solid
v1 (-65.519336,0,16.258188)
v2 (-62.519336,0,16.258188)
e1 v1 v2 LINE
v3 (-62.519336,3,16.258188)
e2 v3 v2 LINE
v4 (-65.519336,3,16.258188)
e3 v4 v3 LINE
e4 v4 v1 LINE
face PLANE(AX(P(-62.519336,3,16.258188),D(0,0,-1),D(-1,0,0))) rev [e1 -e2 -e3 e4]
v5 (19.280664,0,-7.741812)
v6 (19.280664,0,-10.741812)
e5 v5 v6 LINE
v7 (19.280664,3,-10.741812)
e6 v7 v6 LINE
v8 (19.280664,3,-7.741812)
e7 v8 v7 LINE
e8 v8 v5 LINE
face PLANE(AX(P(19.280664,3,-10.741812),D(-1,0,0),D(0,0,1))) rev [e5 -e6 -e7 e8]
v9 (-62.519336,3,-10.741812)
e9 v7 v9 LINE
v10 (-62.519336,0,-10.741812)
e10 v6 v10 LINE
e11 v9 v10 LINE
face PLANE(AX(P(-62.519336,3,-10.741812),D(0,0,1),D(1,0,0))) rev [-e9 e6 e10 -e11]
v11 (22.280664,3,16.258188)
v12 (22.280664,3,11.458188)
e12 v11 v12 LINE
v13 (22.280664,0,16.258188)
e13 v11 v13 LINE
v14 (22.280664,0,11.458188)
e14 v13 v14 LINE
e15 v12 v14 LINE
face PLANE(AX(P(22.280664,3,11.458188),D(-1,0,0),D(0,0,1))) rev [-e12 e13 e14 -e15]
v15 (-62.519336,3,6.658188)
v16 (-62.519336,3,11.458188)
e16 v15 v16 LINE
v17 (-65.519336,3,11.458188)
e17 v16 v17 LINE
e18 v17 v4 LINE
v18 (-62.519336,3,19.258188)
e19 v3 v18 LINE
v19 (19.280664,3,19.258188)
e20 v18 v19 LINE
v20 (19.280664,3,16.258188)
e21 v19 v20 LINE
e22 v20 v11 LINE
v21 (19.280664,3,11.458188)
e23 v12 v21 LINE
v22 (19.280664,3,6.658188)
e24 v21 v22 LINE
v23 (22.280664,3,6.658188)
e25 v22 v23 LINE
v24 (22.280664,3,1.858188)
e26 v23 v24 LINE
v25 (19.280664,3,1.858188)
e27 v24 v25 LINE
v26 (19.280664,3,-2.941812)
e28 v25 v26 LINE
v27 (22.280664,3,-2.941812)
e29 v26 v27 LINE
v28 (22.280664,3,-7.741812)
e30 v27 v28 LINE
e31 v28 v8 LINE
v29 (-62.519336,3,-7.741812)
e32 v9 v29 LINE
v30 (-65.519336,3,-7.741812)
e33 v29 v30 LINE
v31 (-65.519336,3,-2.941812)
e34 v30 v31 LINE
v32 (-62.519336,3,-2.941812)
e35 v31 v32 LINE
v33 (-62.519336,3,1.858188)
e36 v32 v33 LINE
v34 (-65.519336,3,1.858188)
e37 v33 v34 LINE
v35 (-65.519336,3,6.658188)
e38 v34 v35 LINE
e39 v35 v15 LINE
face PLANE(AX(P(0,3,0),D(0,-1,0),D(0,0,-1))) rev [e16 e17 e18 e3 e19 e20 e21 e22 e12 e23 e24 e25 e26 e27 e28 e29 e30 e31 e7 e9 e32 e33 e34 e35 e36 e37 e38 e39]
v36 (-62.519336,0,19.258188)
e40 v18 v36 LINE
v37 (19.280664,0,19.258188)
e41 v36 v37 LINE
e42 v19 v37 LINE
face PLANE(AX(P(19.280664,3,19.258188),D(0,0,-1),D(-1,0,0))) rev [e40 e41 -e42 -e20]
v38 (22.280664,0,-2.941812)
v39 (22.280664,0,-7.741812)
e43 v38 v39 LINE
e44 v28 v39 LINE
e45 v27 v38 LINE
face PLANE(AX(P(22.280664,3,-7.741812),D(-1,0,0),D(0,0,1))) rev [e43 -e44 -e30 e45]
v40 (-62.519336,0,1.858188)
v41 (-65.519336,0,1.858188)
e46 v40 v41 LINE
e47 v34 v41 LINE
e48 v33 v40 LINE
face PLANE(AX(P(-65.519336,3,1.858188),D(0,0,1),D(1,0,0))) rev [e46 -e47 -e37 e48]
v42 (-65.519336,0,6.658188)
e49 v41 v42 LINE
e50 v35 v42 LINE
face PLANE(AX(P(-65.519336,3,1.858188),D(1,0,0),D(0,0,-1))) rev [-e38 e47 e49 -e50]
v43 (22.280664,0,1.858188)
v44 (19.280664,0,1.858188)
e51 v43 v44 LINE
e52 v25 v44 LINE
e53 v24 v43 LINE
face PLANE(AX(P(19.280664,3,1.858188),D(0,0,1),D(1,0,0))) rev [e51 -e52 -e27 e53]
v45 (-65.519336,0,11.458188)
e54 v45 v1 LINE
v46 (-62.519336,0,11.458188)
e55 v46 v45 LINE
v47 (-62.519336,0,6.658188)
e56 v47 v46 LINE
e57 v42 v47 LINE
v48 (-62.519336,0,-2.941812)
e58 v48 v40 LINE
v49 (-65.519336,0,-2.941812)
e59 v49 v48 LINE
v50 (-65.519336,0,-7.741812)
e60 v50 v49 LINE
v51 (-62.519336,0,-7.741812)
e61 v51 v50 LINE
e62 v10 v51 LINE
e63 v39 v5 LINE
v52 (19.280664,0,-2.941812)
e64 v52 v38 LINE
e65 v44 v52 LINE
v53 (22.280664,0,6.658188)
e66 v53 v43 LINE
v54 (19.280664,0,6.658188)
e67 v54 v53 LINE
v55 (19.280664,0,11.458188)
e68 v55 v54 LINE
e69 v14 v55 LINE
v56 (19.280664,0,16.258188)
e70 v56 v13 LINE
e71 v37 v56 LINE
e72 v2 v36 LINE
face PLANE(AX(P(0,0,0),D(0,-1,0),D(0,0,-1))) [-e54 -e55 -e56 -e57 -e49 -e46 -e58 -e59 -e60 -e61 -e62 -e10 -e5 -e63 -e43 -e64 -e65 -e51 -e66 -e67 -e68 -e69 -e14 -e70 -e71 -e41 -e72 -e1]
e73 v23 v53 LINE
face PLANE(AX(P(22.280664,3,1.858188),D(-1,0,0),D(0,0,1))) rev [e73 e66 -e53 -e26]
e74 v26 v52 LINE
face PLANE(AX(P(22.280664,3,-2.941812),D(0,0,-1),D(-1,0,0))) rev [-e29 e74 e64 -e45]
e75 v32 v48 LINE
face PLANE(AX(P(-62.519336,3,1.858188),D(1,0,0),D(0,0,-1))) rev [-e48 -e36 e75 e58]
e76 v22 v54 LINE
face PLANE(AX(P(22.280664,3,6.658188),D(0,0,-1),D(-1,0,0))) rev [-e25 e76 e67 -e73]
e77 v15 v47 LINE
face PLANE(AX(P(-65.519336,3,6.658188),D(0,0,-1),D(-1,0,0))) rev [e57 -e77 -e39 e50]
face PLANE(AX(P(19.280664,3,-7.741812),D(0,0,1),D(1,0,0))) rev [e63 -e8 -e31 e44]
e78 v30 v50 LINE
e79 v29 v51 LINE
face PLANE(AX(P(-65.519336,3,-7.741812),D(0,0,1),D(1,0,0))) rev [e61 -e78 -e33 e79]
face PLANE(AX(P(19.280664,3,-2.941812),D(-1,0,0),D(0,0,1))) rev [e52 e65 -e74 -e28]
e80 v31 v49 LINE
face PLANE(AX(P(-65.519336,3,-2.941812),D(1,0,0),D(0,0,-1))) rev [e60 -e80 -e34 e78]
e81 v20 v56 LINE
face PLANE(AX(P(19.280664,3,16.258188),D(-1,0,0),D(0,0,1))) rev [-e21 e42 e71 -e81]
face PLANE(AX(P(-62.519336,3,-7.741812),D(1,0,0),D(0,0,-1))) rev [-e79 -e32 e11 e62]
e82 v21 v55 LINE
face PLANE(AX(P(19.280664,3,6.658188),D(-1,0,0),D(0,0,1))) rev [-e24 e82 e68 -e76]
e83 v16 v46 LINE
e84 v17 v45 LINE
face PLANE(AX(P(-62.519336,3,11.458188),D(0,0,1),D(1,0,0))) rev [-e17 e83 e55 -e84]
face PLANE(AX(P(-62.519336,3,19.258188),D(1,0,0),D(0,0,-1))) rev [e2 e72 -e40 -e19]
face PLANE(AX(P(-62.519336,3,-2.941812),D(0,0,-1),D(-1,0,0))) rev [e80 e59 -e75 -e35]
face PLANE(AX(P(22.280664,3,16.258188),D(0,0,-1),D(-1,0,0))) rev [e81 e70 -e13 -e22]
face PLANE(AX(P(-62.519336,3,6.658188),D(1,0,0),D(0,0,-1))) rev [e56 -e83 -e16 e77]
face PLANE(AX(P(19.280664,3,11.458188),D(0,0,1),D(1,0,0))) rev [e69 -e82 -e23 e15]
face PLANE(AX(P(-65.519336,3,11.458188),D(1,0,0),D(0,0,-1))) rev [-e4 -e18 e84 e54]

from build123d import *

# Parameters (mm, degrees)
RESSALTO_EXTRUS_O1_DEPTH = 3


with BuildPart() as part:
    # Esboço1 → Ressalto-extrusão1 (new body)
    with BuildSketch(Plane(origin=(0, 0, 0), x_dir=(1, 0, 0), z_dir=(0, 1, 0))):
        Polygon((-65.519336239, 7.741811902), (-62.519336239, 7.741811902), (-62.519336239, 10.741811902), (19.280663761, 10.741811902), (19.280663761, 7.741811902), (22.280663761, 7.741811902), (22.280663761, 2.941811902), (19.280663761, 2.941811902), (19.280663761, -1.858188098), (22.280663761, -1.858188098), (22.280663761, -6.658188098), (19.280663761, -6.658188098), (19.280663761, -11.458188098), (22.280663761, -11.458188098), (22.280663761, -16.258188098), (19.280663761, -16.258188098), (19.280663761, -19.258188098), (-62.519336239, -19.258188098), (-62.519336239, -16.258188098), (-65.519336239, -16.258188098), (-65.519336239, -11.458188098), (-62.519336239, -11.458188098), (-62.519336239, -6.658188098), (-65.519336239, -6.658188098), (-65.519336239, -1.858188098), (-62.519336239, -1.858188098), (-62.519336239, 2.941811902), (-65.519336239, 2.941811902), align=None)
    extrude(amount=RESSALTO_EXTRUS_O1_DEPTH)


solid = part.part
